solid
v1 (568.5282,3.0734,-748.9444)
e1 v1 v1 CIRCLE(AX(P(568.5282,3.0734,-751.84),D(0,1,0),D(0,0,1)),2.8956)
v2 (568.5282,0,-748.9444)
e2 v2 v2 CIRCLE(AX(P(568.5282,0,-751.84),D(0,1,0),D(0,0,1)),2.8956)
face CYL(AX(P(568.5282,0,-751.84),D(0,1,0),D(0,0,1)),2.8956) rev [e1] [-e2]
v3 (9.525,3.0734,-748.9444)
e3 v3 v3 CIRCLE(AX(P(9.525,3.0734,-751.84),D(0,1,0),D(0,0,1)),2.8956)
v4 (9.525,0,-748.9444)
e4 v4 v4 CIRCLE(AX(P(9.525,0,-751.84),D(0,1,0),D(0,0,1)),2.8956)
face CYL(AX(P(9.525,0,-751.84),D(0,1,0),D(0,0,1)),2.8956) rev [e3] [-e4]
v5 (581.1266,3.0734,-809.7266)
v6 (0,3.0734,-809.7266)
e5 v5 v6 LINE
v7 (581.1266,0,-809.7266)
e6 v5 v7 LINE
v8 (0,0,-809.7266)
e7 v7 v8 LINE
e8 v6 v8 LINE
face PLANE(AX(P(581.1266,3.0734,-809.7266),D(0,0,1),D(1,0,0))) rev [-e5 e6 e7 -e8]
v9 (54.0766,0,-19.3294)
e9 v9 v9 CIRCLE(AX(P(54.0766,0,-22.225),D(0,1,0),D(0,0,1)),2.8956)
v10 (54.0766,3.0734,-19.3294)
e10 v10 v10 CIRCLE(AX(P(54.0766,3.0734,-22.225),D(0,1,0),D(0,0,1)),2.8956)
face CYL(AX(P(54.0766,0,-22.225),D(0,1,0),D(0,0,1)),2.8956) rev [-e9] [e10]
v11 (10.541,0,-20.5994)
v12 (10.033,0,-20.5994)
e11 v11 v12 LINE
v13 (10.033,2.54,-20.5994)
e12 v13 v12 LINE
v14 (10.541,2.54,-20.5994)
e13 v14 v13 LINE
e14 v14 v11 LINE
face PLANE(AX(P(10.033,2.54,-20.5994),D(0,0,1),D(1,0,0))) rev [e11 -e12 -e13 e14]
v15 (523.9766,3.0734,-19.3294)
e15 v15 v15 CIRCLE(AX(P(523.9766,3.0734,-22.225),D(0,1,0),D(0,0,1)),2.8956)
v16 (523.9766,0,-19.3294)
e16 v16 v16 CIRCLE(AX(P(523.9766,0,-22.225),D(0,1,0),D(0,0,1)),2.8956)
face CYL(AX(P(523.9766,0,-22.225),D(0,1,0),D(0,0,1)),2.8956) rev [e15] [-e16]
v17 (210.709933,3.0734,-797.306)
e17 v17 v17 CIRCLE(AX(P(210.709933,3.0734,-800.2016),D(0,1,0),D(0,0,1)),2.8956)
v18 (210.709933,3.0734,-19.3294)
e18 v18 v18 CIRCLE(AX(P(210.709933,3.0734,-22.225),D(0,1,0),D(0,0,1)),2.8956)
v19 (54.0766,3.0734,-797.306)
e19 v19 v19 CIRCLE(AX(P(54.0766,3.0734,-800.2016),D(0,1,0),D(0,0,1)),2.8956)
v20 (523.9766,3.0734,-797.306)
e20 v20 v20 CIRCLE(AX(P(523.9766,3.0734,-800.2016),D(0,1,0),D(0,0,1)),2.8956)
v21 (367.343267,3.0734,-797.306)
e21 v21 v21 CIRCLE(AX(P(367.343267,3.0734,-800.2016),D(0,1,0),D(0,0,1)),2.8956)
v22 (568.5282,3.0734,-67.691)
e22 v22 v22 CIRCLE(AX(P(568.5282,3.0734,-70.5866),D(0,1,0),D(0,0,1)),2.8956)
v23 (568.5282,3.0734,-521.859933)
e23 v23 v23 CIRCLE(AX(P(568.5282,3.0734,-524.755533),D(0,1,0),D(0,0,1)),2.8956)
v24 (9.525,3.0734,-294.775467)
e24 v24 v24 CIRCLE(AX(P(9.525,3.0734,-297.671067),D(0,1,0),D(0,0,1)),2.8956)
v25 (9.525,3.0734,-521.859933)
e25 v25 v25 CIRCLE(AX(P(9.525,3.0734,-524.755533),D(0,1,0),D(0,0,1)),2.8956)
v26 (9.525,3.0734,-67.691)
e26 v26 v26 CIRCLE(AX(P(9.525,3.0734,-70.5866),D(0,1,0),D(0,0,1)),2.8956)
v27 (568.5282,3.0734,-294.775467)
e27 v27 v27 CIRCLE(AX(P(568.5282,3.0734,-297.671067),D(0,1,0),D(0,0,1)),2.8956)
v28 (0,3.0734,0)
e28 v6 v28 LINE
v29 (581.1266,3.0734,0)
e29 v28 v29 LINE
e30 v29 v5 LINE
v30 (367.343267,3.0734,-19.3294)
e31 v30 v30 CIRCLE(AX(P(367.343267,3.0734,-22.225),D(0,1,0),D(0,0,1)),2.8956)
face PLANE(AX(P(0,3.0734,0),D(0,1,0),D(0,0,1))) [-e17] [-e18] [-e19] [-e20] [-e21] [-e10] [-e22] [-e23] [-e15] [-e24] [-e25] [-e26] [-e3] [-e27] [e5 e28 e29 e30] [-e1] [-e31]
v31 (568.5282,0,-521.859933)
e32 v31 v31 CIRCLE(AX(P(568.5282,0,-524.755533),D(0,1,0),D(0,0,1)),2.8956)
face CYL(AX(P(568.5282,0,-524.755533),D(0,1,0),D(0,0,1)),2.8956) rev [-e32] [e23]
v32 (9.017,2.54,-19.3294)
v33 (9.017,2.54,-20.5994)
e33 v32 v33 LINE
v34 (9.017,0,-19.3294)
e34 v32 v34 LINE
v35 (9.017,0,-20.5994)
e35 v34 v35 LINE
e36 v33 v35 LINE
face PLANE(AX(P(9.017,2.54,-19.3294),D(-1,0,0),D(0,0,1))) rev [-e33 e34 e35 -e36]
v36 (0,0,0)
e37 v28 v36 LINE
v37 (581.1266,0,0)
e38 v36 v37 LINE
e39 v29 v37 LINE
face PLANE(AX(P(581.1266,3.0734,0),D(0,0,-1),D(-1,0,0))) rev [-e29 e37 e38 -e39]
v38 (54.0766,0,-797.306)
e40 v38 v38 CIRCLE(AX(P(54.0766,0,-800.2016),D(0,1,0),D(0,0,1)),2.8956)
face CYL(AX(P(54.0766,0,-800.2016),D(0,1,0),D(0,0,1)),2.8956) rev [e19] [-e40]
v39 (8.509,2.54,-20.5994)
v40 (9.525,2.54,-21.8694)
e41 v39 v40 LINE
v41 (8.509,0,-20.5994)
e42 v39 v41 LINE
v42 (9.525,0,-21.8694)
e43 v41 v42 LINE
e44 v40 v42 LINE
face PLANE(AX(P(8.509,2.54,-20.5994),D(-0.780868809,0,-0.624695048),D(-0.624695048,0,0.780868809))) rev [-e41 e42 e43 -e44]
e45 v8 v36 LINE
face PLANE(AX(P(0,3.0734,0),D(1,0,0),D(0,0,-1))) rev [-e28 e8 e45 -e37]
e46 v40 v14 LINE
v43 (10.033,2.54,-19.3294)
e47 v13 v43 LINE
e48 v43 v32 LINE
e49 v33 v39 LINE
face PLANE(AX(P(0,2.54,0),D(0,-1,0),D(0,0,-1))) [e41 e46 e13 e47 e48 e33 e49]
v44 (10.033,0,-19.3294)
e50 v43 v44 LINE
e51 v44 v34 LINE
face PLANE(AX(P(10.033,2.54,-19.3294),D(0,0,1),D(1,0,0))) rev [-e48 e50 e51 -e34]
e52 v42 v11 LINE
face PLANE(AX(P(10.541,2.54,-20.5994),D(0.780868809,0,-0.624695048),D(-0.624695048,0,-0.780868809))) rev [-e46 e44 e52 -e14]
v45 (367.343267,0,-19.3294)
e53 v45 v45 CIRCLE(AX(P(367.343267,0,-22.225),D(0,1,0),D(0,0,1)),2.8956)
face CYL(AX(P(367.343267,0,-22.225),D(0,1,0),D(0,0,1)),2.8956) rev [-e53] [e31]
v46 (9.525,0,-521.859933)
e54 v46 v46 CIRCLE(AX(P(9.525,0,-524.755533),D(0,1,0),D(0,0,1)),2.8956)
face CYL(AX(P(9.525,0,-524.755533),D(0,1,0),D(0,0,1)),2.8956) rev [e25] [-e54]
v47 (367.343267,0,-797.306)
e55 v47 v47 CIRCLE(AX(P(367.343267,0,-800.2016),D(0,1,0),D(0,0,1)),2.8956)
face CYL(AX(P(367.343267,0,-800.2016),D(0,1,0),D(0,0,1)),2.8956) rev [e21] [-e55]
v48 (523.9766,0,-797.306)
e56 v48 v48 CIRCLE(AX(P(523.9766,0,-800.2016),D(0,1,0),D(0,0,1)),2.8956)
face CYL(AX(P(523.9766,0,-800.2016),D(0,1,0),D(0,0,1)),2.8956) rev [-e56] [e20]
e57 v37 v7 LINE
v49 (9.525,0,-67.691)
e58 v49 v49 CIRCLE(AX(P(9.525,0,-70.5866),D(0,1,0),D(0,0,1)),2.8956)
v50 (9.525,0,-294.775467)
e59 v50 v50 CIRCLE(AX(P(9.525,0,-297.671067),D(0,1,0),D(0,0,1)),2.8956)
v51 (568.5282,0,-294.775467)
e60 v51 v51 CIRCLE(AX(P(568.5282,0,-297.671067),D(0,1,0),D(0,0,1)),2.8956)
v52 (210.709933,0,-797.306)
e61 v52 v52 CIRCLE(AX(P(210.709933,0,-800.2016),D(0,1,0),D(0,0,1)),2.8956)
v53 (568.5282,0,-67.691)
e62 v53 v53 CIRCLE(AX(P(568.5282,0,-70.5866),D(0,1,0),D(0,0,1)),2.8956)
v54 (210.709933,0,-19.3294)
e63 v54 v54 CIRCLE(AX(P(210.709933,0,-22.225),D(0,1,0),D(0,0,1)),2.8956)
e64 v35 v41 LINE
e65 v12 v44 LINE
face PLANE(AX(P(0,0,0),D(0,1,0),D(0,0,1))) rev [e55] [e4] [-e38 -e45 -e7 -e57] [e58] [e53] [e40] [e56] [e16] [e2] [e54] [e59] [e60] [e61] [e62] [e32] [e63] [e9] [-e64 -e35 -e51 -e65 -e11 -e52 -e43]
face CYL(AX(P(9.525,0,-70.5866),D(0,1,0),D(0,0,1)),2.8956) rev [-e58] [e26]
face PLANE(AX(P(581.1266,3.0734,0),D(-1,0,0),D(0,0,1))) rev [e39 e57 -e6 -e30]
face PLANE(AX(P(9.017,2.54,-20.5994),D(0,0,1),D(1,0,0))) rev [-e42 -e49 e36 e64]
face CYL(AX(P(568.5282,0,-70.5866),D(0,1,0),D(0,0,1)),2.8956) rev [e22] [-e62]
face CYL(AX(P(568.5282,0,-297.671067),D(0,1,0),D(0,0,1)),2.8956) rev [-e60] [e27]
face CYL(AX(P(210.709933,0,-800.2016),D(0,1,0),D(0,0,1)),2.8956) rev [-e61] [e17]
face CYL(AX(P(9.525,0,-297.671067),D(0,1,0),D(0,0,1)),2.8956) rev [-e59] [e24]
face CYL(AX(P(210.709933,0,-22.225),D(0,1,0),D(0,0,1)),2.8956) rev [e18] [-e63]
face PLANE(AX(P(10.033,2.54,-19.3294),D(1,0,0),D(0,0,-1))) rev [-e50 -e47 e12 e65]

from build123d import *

# Parameters (mm, degrees)
SKETCH1_W            = 581.1266
SKETCH1_H            = 809.7266
REARSHEET_DEPTH      = 3.0734
SKETCH2_R            = 2.8956
TOPBOTTOMHOLES_DEPTH = 4.0734
SKETCH3_R            = 2.8956
VERTHOLES_DEPTH      = 4.0734
LPATTERN1_COUNT      = 4
LPATTERN1_PITCH      = 156.633333333
LPATTERN2_COUNT      = 4
LPATTERN2_PITCH      = 227.084466667
CUT_EXTRUDE1_DEPTH   = 2.54


with BuildPart() as part:
    # Sketch1 → RearSheet (new body)
    with BuildSketch(Plane(origin=(0, 0, 0), x_dir=(1, 0, 0), z_dir=(0, 1, 0))):
        with Locations((290.5633, 404.8633)):
            Rectangle(SKETCH1_W, SKETCH1_H)
    extrude(amount=REARSHEET_DEPTH)

    # Sketch2 → TopBottomHoles (cut, through all)
    with BuildSketch(Plane(origin=(0, 3.0734, 0), x_dir=(1, 0, 0), z_dir=(0, 1, 0))):
        with Locations((54.0766, 800.2016)):
            Circle(SKETCH2_R)
        with Locations((54.0766, 22.225)):
            Circle(SKETCH2_R)
    topbottomholes = extrude(amount=-TOPBOTTOMHOLES_DEPTH, mode=Mode.SUBTRACT)

    # Sketch3 → VertHoles (cut, through all)
    with BuildSketch(Plane(origin=(0, 3.0734, 0), x_dir=(1, 0, 0), z_dir=(0, 1, 0))):
        with Locations((9.525, 751.84)):
            Circle(SKETCH3_R)
        with Locations((568.5282, 751.84)):
            Circle(SKETCH3_R)
    vertholes = extrude(amount=-VERTHOLES_DEPTH, mode=Mode.SUBTRACT)

    # LPattern1: TopBottomHoles ×4
    with Locations(*[(i * LPATTERN1_PITCH, 0, 0) for i in range(1, LPATTERN1_COUNT)]):
        add(topbottomholes, mode=Mode.SUBTRACT)

    # LPattern2: VertHoles ×4
    with Locations(*[(0, 0, i * LPATTERN2_PITCH) for i in range(1, LPATTERN2_COUNT)]):
        add(vertholes, mode=Mode.SUBTRACT)

    # Sketch4 → Cut-Extrude1 (cut)
    with BuildSketch(Plane.XZ):
        Polygon((10.033, -19.3294), (9.017, -19.3294), (9.017, -20.5994), (8.509, -20.5994), (9.525, -21.8694), (10.541, -20.5994), (10.033, -20.5994), align=None)
    extrude(amount=-CUT_EXTRUDE1_DEPTH, mode=Mode.SUBTRACT)


solid = part.part
